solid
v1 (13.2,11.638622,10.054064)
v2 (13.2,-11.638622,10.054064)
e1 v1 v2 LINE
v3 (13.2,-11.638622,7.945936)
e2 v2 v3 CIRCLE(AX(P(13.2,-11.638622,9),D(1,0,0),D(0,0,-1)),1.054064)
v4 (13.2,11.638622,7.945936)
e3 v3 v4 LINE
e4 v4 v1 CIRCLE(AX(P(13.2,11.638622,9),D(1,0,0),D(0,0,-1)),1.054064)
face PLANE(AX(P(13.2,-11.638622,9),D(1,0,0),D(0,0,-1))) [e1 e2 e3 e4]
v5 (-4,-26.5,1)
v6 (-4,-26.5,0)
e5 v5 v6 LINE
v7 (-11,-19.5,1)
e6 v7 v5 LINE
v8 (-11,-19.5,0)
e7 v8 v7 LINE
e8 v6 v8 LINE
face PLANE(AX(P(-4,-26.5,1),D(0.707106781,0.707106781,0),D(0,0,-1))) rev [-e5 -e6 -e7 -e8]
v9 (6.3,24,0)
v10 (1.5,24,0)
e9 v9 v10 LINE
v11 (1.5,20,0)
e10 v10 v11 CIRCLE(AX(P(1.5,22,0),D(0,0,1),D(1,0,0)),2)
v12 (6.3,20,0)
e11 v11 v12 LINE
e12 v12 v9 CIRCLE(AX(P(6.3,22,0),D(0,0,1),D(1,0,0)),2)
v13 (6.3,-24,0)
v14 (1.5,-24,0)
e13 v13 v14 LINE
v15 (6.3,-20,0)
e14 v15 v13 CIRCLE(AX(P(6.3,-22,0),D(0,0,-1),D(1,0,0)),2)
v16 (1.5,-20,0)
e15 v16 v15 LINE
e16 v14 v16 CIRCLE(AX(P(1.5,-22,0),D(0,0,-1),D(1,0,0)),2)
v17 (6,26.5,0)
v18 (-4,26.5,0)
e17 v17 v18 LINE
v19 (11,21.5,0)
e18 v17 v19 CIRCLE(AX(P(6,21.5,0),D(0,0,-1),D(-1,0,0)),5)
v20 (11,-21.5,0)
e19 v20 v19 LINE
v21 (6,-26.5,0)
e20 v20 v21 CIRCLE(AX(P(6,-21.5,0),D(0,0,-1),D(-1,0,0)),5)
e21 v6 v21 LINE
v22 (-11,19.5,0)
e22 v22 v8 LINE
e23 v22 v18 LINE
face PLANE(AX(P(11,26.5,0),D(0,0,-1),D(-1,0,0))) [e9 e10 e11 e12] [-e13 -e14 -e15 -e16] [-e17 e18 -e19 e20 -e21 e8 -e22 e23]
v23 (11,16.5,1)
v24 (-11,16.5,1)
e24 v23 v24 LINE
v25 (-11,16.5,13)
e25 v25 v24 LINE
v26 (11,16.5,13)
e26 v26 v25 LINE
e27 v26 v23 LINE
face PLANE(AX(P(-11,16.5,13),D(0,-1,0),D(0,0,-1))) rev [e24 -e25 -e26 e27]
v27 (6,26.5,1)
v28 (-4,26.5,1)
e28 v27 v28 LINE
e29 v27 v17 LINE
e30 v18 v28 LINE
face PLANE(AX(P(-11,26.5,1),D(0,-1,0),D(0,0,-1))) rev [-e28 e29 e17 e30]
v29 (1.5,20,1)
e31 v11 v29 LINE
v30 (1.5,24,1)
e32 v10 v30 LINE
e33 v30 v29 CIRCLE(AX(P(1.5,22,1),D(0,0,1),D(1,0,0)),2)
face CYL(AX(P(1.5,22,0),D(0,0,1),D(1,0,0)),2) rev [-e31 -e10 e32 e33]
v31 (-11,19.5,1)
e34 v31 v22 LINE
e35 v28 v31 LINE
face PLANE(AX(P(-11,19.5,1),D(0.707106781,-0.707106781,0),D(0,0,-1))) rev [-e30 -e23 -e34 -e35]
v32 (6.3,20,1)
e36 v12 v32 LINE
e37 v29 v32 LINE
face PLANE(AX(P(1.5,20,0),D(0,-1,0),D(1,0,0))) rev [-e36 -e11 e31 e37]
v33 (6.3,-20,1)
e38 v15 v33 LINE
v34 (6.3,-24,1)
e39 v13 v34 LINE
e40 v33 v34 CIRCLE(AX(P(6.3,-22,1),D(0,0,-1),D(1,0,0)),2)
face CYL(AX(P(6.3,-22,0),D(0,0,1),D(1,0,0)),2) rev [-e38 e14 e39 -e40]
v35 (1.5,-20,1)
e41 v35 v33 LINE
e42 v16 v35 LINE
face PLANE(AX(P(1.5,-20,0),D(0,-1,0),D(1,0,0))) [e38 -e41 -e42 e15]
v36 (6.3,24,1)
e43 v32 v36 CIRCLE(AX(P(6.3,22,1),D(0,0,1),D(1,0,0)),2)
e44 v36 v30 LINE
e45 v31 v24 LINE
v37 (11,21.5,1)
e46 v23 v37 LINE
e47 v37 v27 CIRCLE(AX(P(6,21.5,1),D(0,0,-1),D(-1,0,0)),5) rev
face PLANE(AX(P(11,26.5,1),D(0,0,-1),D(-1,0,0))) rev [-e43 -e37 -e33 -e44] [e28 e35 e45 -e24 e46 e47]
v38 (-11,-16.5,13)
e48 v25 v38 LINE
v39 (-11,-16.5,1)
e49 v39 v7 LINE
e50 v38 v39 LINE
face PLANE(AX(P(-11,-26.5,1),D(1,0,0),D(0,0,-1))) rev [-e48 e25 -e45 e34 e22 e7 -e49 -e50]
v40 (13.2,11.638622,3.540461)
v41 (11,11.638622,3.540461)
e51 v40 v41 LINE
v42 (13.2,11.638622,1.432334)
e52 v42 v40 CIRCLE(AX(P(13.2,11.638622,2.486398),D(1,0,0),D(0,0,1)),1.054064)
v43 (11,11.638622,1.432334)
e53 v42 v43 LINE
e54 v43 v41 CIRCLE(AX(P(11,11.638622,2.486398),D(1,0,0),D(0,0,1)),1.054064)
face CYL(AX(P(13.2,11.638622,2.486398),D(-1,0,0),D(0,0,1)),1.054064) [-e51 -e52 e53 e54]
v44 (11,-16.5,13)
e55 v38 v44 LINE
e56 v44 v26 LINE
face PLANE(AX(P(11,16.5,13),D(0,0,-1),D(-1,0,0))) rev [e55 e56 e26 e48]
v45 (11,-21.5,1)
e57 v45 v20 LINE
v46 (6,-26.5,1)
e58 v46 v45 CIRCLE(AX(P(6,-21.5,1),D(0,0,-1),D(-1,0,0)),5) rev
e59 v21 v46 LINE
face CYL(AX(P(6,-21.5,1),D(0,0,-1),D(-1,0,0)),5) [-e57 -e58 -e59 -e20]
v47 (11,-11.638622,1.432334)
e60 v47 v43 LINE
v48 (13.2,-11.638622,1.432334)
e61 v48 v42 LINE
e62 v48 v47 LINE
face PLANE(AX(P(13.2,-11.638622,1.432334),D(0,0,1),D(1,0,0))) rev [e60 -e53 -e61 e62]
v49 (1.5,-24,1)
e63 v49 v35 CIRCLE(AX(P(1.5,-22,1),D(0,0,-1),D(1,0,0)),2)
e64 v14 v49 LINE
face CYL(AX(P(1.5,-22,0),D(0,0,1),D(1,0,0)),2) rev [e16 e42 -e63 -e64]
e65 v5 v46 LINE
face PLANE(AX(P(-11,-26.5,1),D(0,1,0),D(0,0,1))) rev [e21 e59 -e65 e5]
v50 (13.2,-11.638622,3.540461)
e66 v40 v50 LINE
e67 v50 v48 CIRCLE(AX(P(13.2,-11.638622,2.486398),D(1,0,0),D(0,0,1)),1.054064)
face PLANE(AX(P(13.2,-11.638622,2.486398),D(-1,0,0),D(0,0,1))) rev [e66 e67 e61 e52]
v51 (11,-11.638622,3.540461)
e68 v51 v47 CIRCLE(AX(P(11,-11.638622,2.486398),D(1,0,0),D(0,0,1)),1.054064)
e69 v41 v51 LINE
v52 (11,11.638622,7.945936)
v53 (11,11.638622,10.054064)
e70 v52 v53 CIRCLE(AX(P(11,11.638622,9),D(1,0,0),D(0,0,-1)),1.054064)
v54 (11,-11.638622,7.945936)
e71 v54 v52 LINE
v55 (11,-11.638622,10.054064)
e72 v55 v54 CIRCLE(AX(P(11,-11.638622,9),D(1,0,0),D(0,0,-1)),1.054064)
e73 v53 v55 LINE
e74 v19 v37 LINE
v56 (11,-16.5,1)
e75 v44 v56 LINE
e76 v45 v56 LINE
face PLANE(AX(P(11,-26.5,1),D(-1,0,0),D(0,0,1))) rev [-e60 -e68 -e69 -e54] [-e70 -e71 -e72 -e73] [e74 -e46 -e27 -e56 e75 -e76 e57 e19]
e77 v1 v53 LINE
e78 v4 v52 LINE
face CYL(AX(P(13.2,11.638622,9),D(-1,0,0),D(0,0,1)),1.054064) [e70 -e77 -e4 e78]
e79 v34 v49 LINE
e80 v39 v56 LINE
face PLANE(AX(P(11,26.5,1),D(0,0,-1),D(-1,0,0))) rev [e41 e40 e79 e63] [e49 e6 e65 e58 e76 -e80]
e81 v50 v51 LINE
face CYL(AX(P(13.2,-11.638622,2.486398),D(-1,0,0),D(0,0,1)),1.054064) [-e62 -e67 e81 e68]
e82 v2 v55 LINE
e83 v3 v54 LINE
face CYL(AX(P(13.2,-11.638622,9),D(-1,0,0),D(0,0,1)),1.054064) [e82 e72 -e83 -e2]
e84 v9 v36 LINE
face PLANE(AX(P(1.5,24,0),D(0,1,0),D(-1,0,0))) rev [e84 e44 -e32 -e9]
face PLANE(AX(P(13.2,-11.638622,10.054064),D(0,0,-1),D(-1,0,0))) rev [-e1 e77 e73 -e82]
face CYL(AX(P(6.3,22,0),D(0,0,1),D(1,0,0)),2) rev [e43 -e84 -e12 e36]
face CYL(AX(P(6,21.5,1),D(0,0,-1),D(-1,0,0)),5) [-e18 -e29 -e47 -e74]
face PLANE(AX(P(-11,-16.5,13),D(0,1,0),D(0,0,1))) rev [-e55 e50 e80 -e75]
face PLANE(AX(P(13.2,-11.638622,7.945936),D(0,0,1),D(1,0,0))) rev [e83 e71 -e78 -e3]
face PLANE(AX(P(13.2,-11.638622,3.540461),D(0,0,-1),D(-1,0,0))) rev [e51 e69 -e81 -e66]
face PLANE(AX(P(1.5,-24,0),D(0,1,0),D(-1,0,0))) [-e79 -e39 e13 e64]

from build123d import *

# Parameters (mm, degrees)
SKETCH_1_W          = 22
SKETCH_1_H          = 53
EXTRUDE_1_DEPTH     = 1
CUT_EXTRUDE_1_DEPTH = 29.70975444
SKETCH_3_W          = 22
SKETCH_3_H          = 33
EXTRUDE_2_DEPTH     = 12
EXTRUDE_3_DEPTH     = 2.2
CHAMFER_1_SIZE      = 7
FILLET_1_R          = 5


with BuildPart() as part:
    # 草图1 → 凸台-拉伸1 (new body)
    with BuildSketch(Plane.XY):
        Rectangle(SKETCH_1_W, SKETCH_1_H)
    extrude(amount=EXTRUDE_1_DEPTH)

    # 草图2 → 切除-拉伸1 (cut, through all)
    with BuildSketch(Plane.XY.offset(1)):
        with BuildLine():
            Line((1.5, 24), (6.3, 24))
            ThreePointArc((6.3, 24), (8.3, 22), (6.3, 20))
            Line((6.3, 20), (1.5, 20))
            ThreePointArc((1.5, 20), (-0.5, 22), (1.5, 24))
        make_face()
    cut_extrude_1 = extrude(amount=-CUT_EXTRUDE_1_DEPTH, mode=Mode.SUBTRACT)

    # 镜向1: 切除-拉伸1 across plane
    add(cut_extrude_1.mirror(Plane.ZX), mode=Mode.SUBTRACT)

    # 草图3 → 凸台-拉伸2 (add)
    with BuildSketch(Plane.XY.offset(1)):
        Rectangle(SKETCH_3_W, SKETCH_3_H)
    extrude(amount=EXTRUDE_2_DEPTH)

    # 草图4 → 凸台-拉伸3 (add)
    with BuildSketch(Plane(origin=(11, 0, 0), x_dir=(0, 0, -1), z_dir=(1, 0, 0))):
        with BuildLine():
            Line((-10.054063842, -11.63862159), (-10.054063842, 11.63862159))
            ThreePointArc((-10.054063842, 11.63862159), (-9, 12.692685432), (-7.945936158, 11.63862159))
            Line((-7.945936158, 11.63862159), (-7.945936158, -11.63862159))
            ThreePointArc((-7.945936158, -11.63862159), (-9, -12.692685432), (-10.054063842, -11.63862159))
        make_face()
        with BuildLine():
            Line((-1.432333752, -11.63862159), (-1.432333752, 11.63862159))
            ThreePointArc((-1.432333752, 11.63862159), (-2.486397594, 12.692685432), (-3.540461436, 11.63862159))
            Line((-3.540461436, 11.63862159), (-3.540461436, -11.63862159))
            ThreePointArc((-3.540461436, -11.63862159), (-2.486397594, -12.692685432), (-1.432333752, -11.63862159))
        make_face()
    extrude(amount=EXTRUDE_3_DEPTH)

    # 倒角1
    chamfer_1_edges = [part.edges().sort_by_distance(p)[0] for p in [
        (-11, -26.5, 0.5),
        (-11, 26.5, 0.5),
    ]]
    chamfer(chamfer_1_edges, length=CHAMFER_1_SIZE)

    # 圆角1
    fillet_1_edges = [part.edges().sort_by_distance(p)[0] for p in [
        (11, -26.5, 0.5),
        (11, 26.5, 0.5),
    ]]
    fillet(fillet_1_edges, radius=FILLET_1_R)


solid = part.part
